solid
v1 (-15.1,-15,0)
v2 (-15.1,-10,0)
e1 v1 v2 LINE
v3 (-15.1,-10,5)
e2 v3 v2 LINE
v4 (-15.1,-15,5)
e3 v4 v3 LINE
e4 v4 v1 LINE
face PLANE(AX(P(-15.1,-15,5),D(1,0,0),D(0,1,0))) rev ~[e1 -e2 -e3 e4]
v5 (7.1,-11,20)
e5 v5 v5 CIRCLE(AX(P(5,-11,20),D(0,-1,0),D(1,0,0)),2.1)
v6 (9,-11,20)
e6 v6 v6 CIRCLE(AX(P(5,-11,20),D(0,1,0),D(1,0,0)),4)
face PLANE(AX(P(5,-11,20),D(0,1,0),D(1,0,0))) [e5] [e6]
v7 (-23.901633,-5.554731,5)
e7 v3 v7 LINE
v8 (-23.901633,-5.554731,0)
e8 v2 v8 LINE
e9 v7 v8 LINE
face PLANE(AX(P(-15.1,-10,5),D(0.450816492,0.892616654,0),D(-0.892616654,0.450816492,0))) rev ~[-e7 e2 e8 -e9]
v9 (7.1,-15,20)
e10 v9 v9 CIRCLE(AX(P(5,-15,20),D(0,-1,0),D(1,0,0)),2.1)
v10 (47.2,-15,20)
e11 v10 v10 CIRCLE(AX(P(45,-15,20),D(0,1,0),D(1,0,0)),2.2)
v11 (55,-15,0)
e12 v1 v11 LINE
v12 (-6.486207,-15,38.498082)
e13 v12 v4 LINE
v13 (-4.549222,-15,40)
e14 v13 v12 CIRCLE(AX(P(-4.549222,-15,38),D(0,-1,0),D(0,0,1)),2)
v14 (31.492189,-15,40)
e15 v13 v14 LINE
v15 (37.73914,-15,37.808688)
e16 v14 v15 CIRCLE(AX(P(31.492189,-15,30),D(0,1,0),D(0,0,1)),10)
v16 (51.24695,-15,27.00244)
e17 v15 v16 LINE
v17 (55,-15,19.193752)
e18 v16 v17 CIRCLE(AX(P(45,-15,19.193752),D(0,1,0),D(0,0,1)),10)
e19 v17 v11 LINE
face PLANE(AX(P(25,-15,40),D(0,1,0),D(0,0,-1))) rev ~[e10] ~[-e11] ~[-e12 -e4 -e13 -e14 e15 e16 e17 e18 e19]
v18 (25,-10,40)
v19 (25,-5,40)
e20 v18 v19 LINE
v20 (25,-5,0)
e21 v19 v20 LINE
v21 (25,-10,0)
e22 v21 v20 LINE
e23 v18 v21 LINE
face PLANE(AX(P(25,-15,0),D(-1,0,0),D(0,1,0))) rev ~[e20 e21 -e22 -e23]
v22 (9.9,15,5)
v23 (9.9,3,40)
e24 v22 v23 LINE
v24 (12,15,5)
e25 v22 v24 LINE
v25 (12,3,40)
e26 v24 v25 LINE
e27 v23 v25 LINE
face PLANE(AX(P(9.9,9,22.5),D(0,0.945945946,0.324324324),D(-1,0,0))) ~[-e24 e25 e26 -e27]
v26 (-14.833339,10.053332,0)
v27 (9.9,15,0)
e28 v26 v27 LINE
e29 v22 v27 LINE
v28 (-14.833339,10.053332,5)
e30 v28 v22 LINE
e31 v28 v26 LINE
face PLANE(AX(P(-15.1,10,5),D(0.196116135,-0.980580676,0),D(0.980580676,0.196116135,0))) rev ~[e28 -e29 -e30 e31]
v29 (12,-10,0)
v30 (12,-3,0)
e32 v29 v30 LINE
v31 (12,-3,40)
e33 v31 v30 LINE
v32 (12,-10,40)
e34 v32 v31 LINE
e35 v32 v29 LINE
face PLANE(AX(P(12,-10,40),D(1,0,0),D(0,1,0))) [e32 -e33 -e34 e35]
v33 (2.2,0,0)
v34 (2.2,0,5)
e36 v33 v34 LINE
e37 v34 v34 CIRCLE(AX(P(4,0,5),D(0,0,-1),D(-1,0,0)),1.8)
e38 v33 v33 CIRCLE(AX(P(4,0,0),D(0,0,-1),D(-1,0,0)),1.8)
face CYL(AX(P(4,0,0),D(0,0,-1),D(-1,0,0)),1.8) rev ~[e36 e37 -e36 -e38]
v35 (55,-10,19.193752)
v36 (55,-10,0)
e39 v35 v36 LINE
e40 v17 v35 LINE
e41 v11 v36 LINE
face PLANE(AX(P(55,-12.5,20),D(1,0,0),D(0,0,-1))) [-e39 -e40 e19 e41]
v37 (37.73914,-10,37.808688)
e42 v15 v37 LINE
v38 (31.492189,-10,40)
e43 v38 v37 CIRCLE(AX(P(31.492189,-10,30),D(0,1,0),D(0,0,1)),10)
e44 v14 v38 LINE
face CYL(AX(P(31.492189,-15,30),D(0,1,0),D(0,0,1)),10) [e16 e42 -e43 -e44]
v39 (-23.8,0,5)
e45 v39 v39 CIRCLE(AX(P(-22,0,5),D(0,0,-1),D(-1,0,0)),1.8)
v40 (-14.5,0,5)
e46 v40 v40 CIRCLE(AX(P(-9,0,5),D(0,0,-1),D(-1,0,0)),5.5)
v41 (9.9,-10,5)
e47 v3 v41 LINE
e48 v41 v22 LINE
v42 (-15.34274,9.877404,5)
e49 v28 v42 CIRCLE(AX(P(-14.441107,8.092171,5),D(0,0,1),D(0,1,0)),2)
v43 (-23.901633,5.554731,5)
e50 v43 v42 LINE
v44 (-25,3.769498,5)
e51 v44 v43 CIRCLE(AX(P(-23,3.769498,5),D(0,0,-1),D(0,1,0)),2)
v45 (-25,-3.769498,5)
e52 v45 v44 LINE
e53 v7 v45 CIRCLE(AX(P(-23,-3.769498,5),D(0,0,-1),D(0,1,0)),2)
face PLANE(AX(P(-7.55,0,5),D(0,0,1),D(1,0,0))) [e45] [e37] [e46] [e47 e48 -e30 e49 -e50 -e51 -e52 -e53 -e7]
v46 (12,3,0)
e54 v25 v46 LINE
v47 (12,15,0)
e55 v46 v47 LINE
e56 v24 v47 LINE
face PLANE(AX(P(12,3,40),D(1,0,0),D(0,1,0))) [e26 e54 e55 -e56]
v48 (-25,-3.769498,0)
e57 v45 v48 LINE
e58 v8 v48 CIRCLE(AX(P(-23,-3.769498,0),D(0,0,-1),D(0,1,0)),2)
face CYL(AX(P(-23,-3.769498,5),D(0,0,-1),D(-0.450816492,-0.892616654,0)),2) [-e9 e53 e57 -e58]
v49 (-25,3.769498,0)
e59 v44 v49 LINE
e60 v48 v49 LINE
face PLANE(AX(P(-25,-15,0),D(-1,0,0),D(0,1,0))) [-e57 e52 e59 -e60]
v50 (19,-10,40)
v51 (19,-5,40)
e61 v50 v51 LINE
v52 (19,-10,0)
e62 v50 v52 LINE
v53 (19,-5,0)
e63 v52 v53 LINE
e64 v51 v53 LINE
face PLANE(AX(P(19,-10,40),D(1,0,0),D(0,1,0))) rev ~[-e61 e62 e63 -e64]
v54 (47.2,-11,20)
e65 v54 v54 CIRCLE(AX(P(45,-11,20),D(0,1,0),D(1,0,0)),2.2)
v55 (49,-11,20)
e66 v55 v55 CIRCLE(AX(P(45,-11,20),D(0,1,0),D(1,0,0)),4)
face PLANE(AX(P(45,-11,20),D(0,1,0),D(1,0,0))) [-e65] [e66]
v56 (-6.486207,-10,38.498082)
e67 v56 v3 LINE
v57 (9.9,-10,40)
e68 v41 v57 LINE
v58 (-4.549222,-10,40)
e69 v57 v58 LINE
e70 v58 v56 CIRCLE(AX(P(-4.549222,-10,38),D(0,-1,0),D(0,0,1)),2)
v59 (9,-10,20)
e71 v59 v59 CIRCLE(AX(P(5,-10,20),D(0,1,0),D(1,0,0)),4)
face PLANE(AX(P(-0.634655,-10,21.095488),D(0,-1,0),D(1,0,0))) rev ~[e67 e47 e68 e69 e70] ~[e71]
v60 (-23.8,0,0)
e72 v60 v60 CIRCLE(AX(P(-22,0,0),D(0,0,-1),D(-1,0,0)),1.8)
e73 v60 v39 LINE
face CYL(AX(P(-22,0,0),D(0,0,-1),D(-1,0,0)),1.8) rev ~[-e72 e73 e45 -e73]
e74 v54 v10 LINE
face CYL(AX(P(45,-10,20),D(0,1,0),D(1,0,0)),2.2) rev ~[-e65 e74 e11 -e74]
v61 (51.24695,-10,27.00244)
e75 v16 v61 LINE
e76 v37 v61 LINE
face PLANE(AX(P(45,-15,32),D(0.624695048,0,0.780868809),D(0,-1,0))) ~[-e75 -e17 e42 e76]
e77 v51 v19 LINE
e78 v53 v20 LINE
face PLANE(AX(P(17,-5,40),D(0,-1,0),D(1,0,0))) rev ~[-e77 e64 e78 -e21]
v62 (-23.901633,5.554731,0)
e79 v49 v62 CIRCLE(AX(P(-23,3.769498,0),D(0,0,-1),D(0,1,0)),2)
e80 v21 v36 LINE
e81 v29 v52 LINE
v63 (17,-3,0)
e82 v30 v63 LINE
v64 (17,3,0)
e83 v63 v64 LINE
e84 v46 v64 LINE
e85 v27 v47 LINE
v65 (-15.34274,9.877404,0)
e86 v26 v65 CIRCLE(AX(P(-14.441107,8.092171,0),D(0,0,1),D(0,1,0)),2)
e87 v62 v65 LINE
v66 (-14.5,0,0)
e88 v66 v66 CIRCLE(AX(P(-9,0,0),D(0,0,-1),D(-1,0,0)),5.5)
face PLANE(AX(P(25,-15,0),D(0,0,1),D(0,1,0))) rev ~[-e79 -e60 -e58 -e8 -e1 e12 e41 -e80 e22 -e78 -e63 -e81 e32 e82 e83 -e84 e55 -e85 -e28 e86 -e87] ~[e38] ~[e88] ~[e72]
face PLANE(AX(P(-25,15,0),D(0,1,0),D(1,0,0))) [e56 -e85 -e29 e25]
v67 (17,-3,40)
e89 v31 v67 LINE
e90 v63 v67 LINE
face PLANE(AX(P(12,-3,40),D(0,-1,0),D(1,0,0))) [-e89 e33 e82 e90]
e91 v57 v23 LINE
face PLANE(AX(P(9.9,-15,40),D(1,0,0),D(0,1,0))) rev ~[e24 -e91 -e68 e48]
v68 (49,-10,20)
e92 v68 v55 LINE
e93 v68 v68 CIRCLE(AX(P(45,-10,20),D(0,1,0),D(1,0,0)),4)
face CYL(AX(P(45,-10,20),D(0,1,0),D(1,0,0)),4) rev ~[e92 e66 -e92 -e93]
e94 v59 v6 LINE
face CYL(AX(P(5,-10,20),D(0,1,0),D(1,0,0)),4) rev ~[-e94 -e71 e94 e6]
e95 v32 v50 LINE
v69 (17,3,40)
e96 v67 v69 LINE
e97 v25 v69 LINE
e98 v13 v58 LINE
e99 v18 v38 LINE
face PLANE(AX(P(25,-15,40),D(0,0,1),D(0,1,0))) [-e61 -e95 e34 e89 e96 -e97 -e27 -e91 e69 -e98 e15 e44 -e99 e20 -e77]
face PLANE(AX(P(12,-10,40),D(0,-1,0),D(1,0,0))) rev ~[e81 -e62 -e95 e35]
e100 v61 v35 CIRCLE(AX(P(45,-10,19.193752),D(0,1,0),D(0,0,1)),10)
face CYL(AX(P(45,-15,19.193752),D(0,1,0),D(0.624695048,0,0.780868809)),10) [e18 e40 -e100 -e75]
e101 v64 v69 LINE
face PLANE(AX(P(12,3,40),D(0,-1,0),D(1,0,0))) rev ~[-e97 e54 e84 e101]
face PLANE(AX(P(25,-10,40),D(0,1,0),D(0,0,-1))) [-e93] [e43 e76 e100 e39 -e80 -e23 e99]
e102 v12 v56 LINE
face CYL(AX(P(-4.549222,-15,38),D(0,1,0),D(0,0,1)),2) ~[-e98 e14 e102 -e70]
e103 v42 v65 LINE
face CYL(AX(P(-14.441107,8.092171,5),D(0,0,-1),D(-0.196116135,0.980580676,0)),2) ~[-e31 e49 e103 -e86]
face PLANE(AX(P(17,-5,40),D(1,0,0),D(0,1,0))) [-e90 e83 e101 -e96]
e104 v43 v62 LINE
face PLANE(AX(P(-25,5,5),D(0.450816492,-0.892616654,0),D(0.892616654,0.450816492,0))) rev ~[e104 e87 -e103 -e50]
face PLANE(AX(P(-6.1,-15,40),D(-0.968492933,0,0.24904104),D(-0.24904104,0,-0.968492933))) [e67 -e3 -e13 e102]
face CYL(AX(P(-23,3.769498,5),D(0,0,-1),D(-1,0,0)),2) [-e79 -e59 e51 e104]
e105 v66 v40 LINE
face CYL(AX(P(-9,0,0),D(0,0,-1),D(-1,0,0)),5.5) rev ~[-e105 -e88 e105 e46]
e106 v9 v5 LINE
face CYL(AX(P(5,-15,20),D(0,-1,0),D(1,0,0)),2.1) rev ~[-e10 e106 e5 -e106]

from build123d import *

# Parameters (mm, degrees)
ESQUISSE1_W              = 50
ESQUISSE1_H              = 30
BOSS_EXTRU_1_DEPTH       = 40
ESQUISSE2_W              = 7
ESQUISSE2_H              = 7
ENL_V_MAT_EXTRU_1_DEPTH  = 41
ESQUISSE3_W              = 8
ESQUISSE3_H              = 10
ENL_V_MAT_EXTRU_2_DEPTH  = 41
ESQUISSE5_W              = 34.9
ESQUISSE5_H              = 30
ENL_V_MAT_EXTRU_4_DEPTH  = 35
ESQUISSE7_R              = 5.5
ESQUISSE7_R_2            = 1.8
ENL_V_MAT_EXTRU_6_DEPTH  = 41
BOSS_EXTRU_2_DEPTH       = 5
ESQUISSE10_R             = 2.1
ENL_V_MAT_EXTRU_7_DEPTH  = 31
ESQUISSE11_R             = 4
ENL_V_MAT_EXTRU_8_DEPTH  = 1
ENL_V_MAT_EXTRU_9_DEPTH  = 6
CONG_2_R                 = 2
ESQUISSE14_W             = 13
ESQUISSE14_H             = 12
ENL_V_MAT_EXTRU_10_DEPTH = 41
ESQUISSE15_W             = 40
ESQUISSE15_H             = 5
BOSS_EXTRU_3_DEPTH       = 30
ESQUISSE16_R             = 2.2
ENL_V_MAT_EXTRU_11_DEPTH = 6
ESQUISSE17_R             = 4
ENL_V_MAT_EXTRU_12_DEPTH = 1
CHANFREIN1_SIZE          = 20
CHANFREIN1_SIZE2         = 16
CONG_3_R                 = 10
CHANFREIN2_SIZE          = 35
CHANFREIN2_SIZE2         = 12
CONG_4_R                 = 10


with BuildPart() as part:
    # Esquisse1 → Boss.-Extru.1 (new body)
    with BuildSketch(Plane.XY):
        Rectangle(ESQUISSE1_W, ESQUISSE1_H)
    extrude(amount=BOSS_EXTRU_1_DEPTH)

    # Esquisse2 → Enlèv. mat.-Extru.1 (cut, through all)
    with BuildSketch(Plane.XY.offset(40)):
        with Locations((15.5, -6.5)):
            Rectangle(ESQUISSE2_W, ESQUISSE2_H)
        with Locations((15.5, 6.5)):
            Rectangle(ESQUISSE2_W, ESQUISSE2_H)
    extrude(amount=-ENL_V_MAT_EXTRU_1_DEPTH, mode=Mode.SUBTRACT)

    # Esquisse3 → Enlèv. mat.-Extru.2 (cut, through all)
    with BuildSketch(Plane.XY.offset(40)):
        with Locations((21, 0)):
            Rectangle(ESQUISSE3_W, ESQUISSE3_H)
    extrude(amount=-ENL_V_MAT_EXTRU_2_DEPTH, mode=Mode.SUBTRACT)

    # Esquisse5 → Enlèv. mat.-Extru.4 (cut)
    with BuildSketch(Plane.XY.offset(40)):
        with Locations((-7.55, 0)):
            Rectangle(ESQUISSE5_W, ESQUISSE5_H)
    extrude(amount=-ENL_V_MAT_EXTRU_4_DEPTH, mode=Mode.SUBTRACT)

    # Esquisse7 → Enlèv. mat.-Extru.6 (cut, through all)
    with BuildSketch(Plane(origin=(0, 0, 0), x_dir=(-1, 0, 0), z_dir=(0, 0, -1))):
        with Locations((9, 0)):
            Circle(ESQUISSE7_R)
        with Locations((22, 0)):
            Circle(ESQUISSE7_R_2)
        with Locations((-4, 0)):
            Circle(ESQUISSE7_R_2)
    extrude(amount=-ENL_V_MAT_EXTRU_6_DEPTH, mode=Mode.SUBTRACT)

    # Esquisse9 → Boss.-Extru.2 (add)
    with BuildSketch(Plane.XZ.offset(15)):
        Polygon((9.9, 40), (-6.1, 40), (-15.1, 5), (9.9, 5), align=None)
    extrude(amount=-BOSS_EXTRU_2_DEPTH)

    # Esquisse10 → Enlèv. mat.-Extru.7 (cut, through all)
    with BuildSketch(Plane.XZ.offset(15)):
        with Locations((5, 20)):
            Circle(ESQUISSE10_R)
    extrude(amount=-ENL_V_MAT_EXTRU_7_DEPTH, mode=Mode.SUBTRACT)

    # Esquisse11 → Enlèv. mat.-Extru.8 (cut)
    with BuildSketch(Plane(origin=(0, -10, 0), x_dir=(1, 0, 0), z_dir=(0, 1, 0))):
        with Locations((5, -20)):
            Circle(ESQUISSE11_R)
    extrude(amount=-ENL_V_MAT_EXTRU_8_DEPTH, mode=Mode.SUBTRACT)

    # Esquisse13 → Enlèv. mat.-Extru.9 (cut, through all)
    with BuildSketch(Plane.XY.offset(5)):
        Polygon((-15.1, -15), (-15.1, -10), (-25, -5), (-25, -15), align=None)
        Polygon((-25, 5), (-15.1, 10), (9.9, 15), (-25, 15), align=None)
    extrude(amount=-ENL_V_MAT_EXTRU_9_DEPTH, mode=Mode.SUBTRACT)

    # Congé2
    cong_2_edges = [part.edges().sort_by_distance(p)[0] for p in [
        (-6.1, -12.5, 40),
        (-25, -5, 2.5),
        (-25, 5, 2.5),
        (-15.1, 10, 2.5),
    ]]
    fillet(cong_2_edges, radius=CONG_2_R)

    # Esquisse14 → Enlèv. mat.-Extru.10 (cut, through all)
    with BuildSketch(Plane.XY.offset(40)):
        with Locations((18.5, 9)):
            Rectangle(ESQUISSE14_W, ESQUISSE14_H)
    extrude(amount=-ENL_V_MAT_EXTRU_10_DEPTH, mode=Mode.SUBTRACT)

    # Esquisse15 → Boss.-Extru.3 (add)
    with BuildSketch(Plane(origin=(25, 0, 0), x_dir=(0, 0, -1), z_dir=(1, 0, 0))):
        with Locations((-20, -12.5)):
            Rectangle(ESQUISSE15_W, ESQUISSE15_H)
    extrude(amount=BOSS_EXTRU_3_DEPTH)

    # Esquisse16 → Enlèv. mat.-Extru.11 (cut, through all)
    with BuildSketch(Plane(origin=(0, -10, 0), x_dir=(1, 0, 0), z_dir=(0, 1, 0))):
        with Locations((45, -20)):
            Circle(ESQUISSE16_R)
    extrude(amount=-ENL_V_MAT_EXTRU_11_DEPTH, mode=Mode.SUBTRACT)

    # Esquisse17 → Enlèv. mat.-Extru.12 (cut)
    with BuildSketch(Plane(origin=(0, -10, 0), x_dir=(1, 0, 0), z_dir=(0, 1, 0))):
        with Locations((45, -20)):
            Circle(ESQUISSE17_R)
    extrude(amount=-ENL_V_MAT_EXTRU_12_DEPTH, mode=Mode.SUBTRACT)

    # Chanfrein1
    chanfrein1_edges = [part.edges().sort_by_distance(p)[0] for p in [
        (55, -12.5, 40),
    ]]
    chanfrein1_side = [part.faces().sort_by_distance(p)[0] for p in [
        (22.378363324, -9.30070091, 40),
    ]]
    chamfer(chanfrein1_edges, length=CHANFREIN1_SIZE, length2=CHANFREIN1_SIZE2, reference=chanfrein1_side[0])

    # Congé3
    cong_3_edges = [part.edges().sort_by_distance(p)[0] for p in [
        (55, -12.5, 24),
    ]]
    fillet(cong_3_edges, radius=CONG_3_R)

    # Chanfrein2
    chanfrein2_edges = [part.edges().sort_by_distance(p)[0] for p in [
        (10.95, 15, 40),
    ]]
    chanfrein2_side = [part.faces().sort_by_distance(p)[0] for p in [
        (10.95, 15, 20),
    ]]
    chamfer(chanfrein2_edges, length=CHANFREIN2_SIZE, length2=CHANFREIN2_SIZE2, reference=chanfrein2_side[0])

    # Congé4
    cong_4_edges = [part.edges().sort_by_distance(p)[0] for p in [
        (35, -12.5, 40),
    ]]
    fillet(cong_4_edges, radius=CONG_4_R)


solid = part.part
